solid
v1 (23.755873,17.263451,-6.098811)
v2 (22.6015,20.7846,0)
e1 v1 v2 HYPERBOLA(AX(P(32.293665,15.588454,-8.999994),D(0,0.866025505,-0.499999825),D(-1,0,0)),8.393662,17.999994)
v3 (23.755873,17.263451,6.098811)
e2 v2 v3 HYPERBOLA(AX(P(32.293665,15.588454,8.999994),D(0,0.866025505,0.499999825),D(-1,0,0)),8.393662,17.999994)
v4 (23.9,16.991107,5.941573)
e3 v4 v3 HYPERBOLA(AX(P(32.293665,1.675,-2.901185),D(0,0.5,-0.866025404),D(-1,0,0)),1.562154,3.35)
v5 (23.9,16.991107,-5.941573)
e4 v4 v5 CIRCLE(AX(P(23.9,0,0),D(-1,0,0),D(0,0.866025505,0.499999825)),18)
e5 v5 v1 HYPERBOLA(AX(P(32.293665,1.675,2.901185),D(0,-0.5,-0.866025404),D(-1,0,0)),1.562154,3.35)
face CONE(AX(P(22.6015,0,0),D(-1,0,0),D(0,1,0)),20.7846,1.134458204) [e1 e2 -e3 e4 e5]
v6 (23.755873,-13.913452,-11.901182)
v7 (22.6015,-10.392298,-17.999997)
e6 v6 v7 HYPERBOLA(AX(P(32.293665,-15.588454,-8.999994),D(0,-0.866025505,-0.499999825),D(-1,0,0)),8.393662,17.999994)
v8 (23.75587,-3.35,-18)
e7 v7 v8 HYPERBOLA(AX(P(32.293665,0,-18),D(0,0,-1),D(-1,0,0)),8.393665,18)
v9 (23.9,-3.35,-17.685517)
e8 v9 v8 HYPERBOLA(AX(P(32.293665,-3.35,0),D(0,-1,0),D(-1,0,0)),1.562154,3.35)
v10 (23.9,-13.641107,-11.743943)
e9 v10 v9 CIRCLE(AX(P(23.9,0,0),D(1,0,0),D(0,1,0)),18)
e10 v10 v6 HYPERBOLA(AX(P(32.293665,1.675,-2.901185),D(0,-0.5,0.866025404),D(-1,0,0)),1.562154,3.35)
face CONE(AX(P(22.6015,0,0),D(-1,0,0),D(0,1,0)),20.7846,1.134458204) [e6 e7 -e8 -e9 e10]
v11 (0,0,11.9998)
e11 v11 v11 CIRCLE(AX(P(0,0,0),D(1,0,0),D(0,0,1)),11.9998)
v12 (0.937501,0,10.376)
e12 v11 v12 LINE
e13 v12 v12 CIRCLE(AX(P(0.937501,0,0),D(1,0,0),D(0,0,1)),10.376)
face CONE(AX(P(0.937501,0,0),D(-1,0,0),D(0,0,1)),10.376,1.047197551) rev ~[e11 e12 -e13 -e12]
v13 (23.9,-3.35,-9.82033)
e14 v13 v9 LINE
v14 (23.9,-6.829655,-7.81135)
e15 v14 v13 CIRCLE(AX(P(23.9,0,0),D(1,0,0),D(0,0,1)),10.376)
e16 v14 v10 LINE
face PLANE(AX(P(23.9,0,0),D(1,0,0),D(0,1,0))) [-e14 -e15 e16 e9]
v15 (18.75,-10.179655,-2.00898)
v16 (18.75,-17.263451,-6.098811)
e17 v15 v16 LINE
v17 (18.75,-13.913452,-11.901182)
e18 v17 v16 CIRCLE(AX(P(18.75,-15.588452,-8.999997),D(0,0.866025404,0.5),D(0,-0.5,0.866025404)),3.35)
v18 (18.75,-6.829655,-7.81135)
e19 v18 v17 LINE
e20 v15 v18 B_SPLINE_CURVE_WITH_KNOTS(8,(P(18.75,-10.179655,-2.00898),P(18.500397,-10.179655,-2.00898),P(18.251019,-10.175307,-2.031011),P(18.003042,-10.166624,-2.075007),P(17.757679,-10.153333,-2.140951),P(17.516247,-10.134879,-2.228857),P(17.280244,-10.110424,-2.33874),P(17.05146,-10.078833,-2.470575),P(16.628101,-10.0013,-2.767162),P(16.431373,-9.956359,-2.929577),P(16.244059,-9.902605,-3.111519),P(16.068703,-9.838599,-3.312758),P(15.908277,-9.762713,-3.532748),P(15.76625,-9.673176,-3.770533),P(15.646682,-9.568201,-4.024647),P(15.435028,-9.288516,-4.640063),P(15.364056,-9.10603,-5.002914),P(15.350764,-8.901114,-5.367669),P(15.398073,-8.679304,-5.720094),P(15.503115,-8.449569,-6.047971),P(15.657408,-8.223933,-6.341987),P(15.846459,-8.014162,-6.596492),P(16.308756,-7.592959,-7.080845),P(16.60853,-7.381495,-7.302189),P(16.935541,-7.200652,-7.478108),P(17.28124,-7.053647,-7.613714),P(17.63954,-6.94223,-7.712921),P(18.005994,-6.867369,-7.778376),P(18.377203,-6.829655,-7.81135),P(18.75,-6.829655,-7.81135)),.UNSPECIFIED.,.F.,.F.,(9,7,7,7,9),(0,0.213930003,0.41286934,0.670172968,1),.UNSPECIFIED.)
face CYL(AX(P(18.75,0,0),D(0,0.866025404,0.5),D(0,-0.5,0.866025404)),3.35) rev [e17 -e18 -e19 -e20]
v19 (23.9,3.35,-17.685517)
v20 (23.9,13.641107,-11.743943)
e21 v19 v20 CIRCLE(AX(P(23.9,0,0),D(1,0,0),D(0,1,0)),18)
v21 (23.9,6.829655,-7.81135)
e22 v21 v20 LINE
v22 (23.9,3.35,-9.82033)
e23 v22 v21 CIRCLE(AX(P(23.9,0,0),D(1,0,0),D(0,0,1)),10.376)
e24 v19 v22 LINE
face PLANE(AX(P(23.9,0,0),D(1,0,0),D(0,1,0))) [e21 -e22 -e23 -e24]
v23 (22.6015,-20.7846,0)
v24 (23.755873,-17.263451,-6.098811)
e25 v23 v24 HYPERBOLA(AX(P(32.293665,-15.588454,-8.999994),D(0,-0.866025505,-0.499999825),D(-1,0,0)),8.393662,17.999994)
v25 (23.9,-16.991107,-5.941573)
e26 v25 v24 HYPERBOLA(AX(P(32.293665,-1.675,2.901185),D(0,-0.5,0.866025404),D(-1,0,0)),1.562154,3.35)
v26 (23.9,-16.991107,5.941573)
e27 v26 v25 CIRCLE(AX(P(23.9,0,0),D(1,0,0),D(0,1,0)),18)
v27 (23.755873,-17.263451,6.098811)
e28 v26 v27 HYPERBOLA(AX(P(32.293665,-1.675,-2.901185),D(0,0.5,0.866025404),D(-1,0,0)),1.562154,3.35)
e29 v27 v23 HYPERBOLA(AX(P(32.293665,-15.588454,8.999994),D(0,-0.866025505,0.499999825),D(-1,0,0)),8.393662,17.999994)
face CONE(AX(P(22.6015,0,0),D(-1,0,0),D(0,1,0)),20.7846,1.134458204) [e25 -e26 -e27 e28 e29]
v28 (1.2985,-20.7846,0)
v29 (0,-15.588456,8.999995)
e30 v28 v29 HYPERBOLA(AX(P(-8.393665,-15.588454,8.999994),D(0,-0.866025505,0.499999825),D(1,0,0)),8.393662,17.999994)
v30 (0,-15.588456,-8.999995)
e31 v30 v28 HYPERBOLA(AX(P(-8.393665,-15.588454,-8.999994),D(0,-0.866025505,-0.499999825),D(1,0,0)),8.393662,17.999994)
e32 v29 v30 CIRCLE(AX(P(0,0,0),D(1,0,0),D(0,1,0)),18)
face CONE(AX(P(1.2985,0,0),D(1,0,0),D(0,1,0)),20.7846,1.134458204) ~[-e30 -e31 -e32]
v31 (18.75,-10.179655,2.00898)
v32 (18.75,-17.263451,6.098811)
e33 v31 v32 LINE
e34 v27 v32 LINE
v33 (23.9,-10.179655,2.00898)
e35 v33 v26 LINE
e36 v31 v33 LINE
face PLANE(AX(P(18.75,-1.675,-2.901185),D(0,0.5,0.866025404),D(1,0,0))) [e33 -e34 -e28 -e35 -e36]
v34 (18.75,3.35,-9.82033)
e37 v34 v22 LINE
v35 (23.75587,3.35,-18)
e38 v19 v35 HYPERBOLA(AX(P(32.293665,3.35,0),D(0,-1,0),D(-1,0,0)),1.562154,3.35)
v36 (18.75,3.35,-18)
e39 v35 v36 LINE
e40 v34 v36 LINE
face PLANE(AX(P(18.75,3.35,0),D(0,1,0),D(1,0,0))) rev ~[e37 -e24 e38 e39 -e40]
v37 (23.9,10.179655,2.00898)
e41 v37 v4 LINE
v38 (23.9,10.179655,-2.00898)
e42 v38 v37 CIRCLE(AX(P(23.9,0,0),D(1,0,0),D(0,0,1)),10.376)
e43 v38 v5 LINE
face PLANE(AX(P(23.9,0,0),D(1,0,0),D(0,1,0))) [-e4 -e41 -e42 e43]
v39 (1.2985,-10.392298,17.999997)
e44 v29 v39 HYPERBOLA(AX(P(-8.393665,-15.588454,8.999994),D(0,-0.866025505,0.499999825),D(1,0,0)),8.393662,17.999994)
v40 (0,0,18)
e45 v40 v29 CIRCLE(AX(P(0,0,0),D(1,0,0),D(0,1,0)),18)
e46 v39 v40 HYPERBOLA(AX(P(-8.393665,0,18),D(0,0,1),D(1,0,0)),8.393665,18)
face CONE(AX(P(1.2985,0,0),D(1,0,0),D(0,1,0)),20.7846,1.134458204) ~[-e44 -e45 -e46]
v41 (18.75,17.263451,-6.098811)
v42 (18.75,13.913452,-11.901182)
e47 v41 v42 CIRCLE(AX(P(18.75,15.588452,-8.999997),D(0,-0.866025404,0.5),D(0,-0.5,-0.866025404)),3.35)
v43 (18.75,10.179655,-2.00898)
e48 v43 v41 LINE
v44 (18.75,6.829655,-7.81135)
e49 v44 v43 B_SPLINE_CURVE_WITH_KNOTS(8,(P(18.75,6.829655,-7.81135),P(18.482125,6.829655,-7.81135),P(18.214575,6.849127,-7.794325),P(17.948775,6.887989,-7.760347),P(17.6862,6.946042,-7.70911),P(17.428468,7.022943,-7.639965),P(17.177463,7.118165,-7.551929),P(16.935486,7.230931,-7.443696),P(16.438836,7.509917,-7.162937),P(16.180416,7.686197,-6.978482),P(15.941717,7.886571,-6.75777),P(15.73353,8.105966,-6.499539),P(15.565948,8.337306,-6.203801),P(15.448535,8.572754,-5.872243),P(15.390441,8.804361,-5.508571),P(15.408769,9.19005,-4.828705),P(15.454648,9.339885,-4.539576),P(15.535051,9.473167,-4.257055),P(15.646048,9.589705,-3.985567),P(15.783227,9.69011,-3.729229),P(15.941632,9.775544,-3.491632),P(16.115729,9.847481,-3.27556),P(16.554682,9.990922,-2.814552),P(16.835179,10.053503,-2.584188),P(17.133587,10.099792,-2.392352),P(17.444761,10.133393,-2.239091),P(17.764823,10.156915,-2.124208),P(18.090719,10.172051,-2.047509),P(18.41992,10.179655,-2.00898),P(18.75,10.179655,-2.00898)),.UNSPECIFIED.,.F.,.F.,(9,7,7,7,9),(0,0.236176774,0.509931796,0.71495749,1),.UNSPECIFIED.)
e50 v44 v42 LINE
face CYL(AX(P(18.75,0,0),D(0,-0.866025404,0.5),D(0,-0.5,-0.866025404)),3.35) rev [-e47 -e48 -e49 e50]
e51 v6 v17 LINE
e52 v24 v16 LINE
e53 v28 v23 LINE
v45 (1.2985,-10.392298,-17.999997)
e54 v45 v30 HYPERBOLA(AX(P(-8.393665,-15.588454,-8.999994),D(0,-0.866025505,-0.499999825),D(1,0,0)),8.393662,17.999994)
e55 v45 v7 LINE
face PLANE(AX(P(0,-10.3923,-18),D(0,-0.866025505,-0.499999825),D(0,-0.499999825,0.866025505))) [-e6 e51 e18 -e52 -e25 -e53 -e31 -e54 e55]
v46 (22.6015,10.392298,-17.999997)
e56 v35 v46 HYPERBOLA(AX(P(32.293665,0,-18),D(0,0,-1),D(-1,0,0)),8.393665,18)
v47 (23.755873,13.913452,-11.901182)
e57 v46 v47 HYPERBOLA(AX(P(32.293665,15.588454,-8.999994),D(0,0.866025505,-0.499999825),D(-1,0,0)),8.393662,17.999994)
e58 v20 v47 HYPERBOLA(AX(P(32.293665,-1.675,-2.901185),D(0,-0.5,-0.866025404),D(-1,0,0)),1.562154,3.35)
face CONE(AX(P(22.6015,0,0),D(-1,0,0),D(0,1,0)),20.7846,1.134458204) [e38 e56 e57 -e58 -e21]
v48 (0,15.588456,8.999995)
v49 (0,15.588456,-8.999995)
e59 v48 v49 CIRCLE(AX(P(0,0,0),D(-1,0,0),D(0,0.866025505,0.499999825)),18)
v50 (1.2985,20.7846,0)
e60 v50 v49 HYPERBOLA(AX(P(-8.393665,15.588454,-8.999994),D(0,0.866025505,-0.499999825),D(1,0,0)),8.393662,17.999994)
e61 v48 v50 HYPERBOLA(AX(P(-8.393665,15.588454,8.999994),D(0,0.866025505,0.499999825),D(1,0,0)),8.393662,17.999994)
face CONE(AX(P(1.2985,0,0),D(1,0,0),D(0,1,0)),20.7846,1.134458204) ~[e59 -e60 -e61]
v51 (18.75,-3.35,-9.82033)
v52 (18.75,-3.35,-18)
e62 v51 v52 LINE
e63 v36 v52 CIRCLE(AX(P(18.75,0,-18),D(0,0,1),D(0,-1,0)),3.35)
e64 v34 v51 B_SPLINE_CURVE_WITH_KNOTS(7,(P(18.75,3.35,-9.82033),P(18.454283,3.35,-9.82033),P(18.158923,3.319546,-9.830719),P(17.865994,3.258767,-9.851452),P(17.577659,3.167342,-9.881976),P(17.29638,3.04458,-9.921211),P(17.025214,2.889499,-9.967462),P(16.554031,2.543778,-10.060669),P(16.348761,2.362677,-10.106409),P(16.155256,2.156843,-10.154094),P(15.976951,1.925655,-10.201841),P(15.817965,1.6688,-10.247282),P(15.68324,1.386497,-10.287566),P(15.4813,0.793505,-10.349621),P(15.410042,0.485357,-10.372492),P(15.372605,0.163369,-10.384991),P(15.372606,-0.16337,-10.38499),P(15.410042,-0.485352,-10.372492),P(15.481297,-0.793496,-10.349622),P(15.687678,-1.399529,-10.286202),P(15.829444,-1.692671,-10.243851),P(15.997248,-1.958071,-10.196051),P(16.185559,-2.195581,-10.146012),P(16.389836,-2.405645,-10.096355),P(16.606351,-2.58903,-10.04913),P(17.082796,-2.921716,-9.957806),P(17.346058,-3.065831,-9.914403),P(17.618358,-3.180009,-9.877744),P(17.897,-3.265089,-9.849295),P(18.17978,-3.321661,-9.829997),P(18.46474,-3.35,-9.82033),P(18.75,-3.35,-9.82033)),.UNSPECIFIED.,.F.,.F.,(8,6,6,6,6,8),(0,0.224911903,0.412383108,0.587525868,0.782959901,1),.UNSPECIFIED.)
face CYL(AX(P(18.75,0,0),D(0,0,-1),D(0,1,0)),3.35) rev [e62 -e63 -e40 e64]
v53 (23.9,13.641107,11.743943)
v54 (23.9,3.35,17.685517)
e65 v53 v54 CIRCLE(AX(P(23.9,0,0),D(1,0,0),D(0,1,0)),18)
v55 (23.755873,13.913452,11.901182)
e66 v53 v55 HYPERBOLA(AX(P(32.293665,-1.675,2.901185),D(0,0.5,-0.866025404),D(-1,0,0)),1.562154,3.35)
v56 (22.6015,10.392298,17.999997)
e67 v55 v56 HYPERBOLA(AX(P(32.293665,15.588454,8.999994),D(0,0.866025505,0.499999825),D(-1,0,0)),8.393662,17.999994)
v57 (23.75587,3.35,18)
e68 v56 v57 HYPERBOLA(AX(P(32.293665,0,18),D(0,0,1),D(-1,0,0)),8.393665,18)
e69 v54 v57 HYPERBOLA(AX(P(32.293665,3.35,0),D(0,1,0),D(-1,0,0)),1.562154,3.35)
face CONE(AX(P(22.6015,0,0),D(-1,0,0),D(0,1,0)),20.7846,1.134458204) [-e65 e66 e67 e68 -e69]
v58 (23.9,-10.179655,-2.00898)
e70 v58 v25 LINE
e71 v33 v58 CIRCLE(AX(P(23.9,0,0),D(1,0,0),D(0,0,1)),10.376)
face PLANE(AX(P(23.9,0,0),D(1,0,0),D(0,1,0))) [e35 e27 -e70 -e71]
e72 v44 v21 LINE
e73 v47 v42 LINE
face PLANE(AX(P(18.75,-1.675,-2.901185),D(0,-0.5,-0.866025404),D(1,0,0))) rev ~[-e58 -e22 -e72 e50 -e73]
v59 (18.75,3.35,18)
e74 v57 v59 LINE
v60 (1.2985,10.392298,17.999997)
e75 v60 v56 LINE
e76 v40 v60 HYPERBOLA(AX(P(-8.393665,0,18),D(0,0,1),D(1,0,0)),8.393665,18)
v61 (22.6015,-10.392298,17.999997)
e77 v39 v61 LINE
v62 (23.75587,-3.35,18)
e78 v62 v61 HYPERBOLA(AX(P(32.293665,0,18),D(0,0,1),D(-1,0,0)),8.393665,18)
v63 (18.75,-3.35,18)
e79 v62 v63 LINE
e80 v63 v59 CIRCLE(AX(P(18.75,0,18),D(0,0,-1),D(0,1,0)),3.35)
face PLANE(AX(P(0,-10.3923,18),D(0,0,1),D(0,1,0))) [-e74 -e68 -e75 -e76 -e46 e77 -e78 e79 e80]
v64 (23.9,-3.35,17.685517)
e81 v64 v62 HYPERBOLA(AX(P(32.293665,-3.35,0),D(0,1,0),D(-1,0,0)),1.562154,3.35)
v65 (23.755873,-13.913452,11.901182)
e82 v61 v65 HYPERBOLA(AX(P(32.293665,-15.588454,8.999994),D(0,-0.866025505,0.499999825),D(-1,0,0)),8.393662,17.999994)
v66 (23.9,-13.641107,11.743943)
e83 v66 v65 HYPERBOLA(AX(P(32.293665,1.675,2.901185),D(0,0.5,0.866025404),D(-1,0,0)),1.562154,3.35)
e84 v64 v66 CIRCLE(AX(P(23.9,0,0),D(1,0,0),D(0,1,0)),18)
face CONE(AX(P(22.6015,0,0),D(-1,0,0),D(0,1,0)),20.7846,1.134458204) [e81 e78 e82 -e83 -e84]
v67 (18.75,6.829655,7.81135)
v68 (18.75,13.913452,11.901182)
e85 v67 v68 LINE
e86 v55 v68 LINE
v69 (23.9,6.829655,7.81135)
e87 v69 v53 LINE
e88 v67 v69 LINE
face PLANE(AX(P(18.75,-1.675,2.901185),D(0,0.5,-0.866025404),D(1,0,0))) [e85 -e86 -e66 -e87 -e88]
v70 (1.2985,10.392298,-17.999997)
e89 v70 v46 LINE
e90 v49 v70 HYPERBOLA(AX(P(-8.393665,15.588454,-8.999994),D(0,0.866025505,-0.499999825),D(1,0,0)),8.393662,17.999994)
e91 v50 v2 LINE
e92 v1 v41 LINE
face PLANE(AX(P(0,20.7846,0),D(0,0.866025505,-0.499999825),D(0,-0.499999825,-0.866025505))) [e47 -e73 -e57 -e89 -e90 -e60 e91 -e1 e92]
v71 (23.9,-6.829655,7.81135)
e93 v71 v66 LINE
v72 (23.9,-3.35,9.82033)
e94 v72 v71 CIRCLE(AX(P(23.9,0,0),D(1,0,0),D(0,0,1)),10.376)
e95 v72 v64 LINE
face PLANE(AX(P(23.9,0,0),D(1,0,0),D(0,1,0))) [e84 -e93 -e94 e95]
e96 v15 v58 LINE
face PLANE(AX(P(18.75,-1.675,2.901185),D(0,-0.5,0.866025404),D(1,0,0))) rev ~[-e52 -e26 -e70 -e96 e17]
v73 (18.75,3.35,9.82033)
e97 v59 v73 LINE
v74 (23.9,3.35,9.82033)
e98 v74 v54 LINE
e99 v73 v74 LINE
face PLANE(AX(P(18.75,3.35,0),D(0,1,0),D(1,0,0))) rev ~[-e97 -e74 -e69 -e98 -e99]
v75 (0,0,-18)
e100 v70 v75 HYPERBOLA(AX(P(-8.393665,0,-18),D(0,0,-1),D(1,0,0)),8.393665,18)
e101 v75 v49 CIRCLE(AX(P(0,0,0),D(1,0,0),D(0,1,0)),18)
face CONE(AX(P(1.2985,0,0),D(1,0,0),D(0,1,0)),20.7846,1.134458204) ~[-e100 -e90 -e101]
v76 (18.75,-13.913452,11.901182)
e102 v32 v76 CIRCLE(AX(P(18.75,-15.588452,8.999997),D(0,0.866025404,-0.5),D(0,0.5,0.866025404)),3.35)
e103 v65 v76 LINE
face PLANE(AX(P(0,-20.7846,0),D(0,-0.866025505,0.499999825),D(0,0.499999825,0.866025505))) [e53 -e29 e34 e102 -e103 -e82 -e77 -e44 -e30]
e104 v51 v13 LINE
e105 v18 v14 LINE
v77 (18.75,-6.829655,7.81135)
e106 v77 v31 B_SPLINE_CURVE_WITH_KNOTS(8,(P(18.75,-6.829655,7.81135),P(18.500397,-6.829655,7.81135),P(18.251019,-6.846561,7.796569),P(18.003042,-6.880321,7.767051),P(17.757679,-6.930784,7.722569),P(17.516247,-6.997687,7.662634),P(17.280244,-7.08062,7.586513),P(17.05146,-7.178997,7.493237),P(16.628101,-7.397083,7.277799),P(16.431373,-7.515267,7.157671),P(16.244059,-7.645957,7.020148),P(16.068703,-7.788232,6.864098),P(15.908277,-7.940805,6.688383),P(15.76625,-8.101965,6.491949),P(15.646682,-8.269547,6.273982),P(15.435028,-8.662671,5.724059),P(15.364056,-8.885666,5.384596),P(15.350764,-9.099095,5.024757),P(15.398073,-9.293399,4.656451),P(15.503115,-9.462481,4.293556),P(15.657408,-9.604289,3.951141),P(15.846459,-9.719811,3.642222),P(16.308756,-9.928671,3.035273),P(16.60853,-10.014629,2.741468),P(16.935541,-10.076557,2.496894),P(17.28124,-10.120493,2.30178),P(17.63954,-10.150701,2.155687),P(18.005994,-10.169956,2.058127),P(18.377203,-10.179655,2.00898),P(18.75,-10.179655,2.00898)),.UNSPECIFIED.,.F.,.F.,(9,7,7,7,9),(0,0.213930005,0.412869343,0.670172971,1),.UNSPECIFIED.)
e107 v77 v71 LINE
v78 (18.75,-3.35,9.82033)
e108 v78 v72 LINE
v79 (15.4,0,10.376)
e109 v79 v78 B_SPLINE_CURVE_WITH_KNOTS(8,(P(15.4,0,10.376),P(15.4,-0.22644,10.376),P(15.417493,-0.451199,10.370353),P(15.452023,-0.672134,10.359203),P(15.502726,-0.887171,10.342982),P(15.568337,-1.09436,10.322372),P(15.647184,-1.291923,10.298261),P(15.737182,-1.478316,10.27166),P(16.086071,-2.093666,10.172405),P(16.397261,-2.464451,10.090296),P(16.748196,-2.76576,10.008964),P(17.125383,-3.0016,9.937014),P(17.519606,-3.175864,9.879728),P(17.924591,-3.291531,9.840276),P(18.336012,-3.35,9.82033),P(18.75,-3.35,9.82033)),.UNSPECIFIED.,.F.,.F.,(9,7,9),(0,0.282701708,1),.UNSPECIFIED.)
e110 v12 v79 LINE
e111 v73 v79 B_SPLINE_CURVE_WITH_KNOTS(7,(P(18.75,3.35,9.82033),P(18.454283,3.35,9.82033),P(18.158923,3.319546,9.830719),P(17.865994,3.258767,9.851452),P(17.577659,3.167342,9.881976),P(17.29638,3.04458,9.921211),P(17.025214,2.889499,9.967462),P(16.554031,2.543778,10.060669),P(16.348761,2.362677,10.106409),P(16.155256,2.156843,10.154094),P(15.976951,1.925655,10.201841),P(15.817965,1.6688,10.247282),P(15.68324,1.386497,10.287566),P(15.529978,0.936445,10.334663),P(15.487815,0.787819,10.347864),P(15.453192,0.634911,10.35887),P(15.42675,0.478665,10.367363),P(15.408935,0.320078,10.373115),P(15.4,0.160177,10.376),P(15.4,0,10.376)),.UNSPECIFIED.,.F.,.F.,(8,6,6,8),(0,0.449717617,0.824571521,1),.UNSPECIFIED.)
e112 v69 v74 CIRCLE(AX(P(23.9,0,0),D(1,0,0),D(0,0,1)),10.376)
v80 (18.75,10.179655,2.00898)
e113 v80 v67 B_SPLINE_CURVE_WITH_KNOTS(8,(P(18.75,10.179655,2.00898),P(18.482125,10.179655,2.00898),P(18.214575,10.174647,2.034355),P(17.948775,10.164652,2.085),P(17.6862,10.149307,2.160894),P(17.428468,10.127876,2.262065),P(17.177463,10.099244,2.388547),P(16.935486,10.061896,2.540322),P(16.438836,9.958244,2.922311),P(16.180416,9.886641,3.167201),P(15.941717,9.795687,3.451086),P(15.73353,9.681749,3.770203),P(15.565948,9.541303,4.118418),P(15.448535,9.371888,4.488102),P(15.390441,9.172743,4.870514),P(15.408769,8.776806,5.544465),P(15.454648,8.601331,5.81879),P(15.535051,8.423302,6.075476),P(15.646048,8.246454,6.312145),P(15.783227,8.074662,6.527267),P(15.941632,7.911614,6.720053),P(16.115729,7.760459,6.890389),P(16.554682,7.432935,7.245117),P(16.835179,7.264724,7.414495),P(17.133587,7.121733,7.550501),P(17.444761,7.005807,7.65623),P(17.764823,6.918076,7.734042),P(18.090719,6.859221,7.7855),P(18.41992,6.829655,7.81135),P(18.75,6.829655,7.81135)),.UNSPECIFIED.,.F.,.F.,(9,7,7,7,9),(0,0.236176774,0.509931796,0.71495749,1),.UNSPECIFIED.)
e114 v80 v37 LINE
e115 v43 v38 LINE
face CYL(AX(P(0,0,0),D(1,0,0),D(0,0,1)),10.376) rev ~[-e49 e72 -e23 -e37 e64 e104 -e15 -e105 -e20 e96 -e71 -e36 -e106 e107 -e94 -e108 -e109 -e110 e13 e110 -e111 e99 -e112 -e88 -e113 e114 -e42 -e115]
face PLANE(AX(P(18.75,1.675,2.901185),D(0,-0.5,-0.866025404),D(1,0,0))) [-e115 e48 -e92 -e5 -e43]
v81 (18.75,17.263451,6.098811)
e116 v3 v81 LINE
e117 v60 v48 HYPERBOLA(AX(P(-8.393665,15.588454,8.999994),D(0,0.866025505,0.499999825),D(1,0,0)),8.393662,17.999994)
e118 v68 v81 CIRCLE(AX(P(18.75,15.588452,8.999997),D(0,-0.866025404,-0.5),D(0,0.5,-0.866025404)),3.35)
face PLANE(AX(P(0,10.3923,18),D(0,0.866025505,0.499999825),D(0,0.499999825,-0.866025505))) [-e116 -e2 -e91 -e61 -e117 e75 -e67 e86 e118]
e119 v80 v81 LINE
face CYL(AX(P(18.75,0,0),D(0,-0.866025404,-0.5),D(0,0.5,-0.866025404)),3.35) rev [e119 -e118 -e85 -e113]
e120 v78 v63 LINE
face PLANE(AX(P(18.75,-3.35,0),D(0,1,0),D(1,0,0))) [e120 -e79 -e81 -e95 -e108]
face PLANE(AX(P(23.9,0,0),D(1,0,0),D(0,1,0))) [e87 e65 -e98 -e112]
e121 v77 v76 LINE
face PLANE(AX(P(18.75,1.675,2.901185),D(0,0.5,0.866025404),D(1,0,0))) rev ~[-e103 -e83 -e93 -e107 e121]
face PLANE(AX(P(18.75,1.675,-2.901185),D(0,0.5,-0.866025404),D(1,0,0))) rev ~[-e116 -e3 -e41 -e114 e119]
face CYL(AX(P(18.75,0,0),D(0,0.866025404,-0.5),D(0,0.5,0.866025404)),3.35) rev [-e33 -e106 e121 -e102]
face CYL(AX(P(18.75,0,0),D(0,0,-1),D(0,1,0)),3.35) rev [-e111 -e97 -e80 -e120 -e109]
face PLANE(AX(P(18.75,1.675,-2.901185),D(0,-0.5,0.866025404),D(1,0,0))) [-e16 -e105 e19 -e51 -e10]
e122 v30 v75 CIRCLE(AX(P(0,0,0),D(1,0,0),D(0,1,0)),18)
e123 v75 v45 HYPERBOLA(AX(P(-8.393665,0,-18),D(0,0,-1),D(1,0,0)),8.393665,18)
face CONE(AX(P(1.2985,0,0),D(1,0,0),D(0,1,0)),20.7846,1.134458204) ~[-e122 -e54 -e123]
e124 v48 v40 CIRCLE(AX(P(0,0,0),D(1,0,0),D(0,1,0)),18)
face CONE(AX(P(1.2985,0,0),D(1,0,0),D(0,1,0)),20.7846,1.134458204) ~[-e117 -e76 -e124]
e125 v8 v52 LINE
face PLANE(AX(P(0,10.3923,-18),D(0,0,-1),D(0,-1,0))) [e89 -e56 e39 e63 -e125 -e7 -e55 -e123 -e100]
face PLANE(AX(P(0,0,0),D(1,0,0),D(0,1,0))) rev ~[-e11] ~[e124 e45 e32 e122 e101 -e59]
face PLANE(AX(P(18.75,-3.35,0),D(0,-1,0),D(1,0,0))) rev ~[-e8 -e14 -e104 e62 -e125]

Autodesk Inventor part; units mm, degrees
ref_plane "YZ Plane" through (0, 0, 0) normal (1, 0, 0) x (0, 1, 0)
ref_plane "XZ Plane" through (0, 0, 0) normal (0, 1, 0) x (-1, 0, 0)
sketch "Sketch1" plane through (0, 0, 0) normal (1, 0, 0) x (0, 1, 0)
  line L0 (-10.3923, 18) -> (10.3923, 18)
  line L1 (10.3923, 18) -> (20.7846, 0)
  line L2 (20.7846, 0) -> (10.3923, -18)
  line L3 (10.3923, -18) -> (-10.3923, -18)
  line L4 (-10.3923, -18) -> (-20.7846, 0)
  line L5 (-20.7846, 0) -> (-10.3923, 18)
  point P0 (0, 0)
  point P1 (0, 0)
  dimension "d0" = 41.5692
extrude "Body" add sketch "Sketch1" along normal blind 23.9
sketch "Sketch2" plane through (0, 0, 0) normal (0, 0, 1) x (1, 0, 0)
  line L0 (0, 10.3923) -> (0, 20.7846) projected
  line L1 (0, 20.7846) -> (23.9, 20.7846) projected
  line L2 (23.9, 10.3923) -> (23.9, 20.7846) projected
  line L3 (-4.78, 0) -> (28.68, 0) projected
  line L4 (1.2985, 20.7846) -> (0, 18)
  line L5 (22.6015, 20.7846) -> (23.9, 18)
  dimension "d3" = 25
  dimension "d4" = 25
  dimension "d5" = 36
  dimension "d6" = 36
revolve "Chamfer1" cut sketch "Sketch2" angle 360 about axis through (-10, 0, 0) along (1, 0, 0)
sketch "Sketch3" plane through (0, 0, 0) normal (0, 0, 1) x (1, 0, 0)
  line L0 (23.9, 0) -> (23.9, 15.5885) projected
  line L1 (23.9, -15.5885) -> (23.9, 0) projected
  line L2 (0, 15.5885) -> (0, 0) projected
  line L3 (0, 0) -> (0, -15.5885) projected
  line L4 (-4.78, 0) -> (28.68, 0) projected
  arc A0 (18.75, 3.35) -> (18.75, -3.35) centre (18.75, 0) ccw
  line L5 (18.75, 3.35) -> (23.9, 3.35)
  line L6 (18.75, -3.35) -> (23.9, -3.35)
  line L7 (23.9, -15.5885) -> (23.9, 0) projected
  dimension "d8" = 15.4
  dimension "d9" = 6.7
extrude "Groove" cut sketch "Sketch3" along normal through all
pattern_circular "Grooves" count 6 over 360 about axis through (-10, 0, 0) along (1, 0, 0) of "Groove"
sketch "Sketch4" plane through (0, 0, 0) normal (-1, 0, 0) x (0, 0, 1)
  arc A0 (-9, -15.5885) -> (9, -15.5885) centre (0, 0) ccw projected
hole "Thread" at (0, 0, 0) direction (1, 0, 0) diameter 20.752 end through all thread size "M24x3" class "6H" standard "ANSI Metric M Profile"
chamfer "Chamfer2" distance 1.6238 angle 30 1 edges at (0, 0, -10.376) measured on face at (0, -15.3677, 0.4169)
ref_plane "Work Plane1" through (18.75, 0, 0) normal (0, -0.5, -0.866) x (0, -0.866, 0.5)
equation "\"d0\" = 1.1547 * SW"
equation "\"d1\" = KOH"
equation "\"d3\" = ANG1"
equation "\"d4\" = ANG2"
equation "\"d5\" = SW0"
equation "\"d6\" = SW01"
equation "\"d8\" = KOH1"
equation "\"d9\" = SNB"
equation "\"d11\" = KOH"
equation "\"d15\" = -0.5 * GD1 + 0.5 * NND"
equation "\"d35\" = -0.5 * GD1 + 0.5 * NND"
equation "\"ANG1\" = 25deg"
equation "\"ANG2\" = 25deg"
equation "\"NND\" = 24"
equation "\"KOH\" = 23.9"
equation "\"SW\" = 36"
equation "\"SNB\" = 6.7"
equation "\"KOH1\" = 15.4"
equation "\"SW01\" = SW"
equation "\"SW0\" = SW"
equation "\"d37\" = KOH1 - 0.288675 * NND + 0.288675 * GD1"
equation "\"GUL\" = 0.541266 * PTC"
equation "\"THREADDIA\" = 24"
equation "\"TOA\" = 30deg"
equation "\"PTC\" = 3"
equation "\"E0\" = 1.155 * SW"
equation "\"GAL\" = 0.541266 * PTC"
equation "\"GD1\" = 20.752405"
properties part number "ANSI B18.2.4.3M - M24 x 3" material "Steel, Mild"
